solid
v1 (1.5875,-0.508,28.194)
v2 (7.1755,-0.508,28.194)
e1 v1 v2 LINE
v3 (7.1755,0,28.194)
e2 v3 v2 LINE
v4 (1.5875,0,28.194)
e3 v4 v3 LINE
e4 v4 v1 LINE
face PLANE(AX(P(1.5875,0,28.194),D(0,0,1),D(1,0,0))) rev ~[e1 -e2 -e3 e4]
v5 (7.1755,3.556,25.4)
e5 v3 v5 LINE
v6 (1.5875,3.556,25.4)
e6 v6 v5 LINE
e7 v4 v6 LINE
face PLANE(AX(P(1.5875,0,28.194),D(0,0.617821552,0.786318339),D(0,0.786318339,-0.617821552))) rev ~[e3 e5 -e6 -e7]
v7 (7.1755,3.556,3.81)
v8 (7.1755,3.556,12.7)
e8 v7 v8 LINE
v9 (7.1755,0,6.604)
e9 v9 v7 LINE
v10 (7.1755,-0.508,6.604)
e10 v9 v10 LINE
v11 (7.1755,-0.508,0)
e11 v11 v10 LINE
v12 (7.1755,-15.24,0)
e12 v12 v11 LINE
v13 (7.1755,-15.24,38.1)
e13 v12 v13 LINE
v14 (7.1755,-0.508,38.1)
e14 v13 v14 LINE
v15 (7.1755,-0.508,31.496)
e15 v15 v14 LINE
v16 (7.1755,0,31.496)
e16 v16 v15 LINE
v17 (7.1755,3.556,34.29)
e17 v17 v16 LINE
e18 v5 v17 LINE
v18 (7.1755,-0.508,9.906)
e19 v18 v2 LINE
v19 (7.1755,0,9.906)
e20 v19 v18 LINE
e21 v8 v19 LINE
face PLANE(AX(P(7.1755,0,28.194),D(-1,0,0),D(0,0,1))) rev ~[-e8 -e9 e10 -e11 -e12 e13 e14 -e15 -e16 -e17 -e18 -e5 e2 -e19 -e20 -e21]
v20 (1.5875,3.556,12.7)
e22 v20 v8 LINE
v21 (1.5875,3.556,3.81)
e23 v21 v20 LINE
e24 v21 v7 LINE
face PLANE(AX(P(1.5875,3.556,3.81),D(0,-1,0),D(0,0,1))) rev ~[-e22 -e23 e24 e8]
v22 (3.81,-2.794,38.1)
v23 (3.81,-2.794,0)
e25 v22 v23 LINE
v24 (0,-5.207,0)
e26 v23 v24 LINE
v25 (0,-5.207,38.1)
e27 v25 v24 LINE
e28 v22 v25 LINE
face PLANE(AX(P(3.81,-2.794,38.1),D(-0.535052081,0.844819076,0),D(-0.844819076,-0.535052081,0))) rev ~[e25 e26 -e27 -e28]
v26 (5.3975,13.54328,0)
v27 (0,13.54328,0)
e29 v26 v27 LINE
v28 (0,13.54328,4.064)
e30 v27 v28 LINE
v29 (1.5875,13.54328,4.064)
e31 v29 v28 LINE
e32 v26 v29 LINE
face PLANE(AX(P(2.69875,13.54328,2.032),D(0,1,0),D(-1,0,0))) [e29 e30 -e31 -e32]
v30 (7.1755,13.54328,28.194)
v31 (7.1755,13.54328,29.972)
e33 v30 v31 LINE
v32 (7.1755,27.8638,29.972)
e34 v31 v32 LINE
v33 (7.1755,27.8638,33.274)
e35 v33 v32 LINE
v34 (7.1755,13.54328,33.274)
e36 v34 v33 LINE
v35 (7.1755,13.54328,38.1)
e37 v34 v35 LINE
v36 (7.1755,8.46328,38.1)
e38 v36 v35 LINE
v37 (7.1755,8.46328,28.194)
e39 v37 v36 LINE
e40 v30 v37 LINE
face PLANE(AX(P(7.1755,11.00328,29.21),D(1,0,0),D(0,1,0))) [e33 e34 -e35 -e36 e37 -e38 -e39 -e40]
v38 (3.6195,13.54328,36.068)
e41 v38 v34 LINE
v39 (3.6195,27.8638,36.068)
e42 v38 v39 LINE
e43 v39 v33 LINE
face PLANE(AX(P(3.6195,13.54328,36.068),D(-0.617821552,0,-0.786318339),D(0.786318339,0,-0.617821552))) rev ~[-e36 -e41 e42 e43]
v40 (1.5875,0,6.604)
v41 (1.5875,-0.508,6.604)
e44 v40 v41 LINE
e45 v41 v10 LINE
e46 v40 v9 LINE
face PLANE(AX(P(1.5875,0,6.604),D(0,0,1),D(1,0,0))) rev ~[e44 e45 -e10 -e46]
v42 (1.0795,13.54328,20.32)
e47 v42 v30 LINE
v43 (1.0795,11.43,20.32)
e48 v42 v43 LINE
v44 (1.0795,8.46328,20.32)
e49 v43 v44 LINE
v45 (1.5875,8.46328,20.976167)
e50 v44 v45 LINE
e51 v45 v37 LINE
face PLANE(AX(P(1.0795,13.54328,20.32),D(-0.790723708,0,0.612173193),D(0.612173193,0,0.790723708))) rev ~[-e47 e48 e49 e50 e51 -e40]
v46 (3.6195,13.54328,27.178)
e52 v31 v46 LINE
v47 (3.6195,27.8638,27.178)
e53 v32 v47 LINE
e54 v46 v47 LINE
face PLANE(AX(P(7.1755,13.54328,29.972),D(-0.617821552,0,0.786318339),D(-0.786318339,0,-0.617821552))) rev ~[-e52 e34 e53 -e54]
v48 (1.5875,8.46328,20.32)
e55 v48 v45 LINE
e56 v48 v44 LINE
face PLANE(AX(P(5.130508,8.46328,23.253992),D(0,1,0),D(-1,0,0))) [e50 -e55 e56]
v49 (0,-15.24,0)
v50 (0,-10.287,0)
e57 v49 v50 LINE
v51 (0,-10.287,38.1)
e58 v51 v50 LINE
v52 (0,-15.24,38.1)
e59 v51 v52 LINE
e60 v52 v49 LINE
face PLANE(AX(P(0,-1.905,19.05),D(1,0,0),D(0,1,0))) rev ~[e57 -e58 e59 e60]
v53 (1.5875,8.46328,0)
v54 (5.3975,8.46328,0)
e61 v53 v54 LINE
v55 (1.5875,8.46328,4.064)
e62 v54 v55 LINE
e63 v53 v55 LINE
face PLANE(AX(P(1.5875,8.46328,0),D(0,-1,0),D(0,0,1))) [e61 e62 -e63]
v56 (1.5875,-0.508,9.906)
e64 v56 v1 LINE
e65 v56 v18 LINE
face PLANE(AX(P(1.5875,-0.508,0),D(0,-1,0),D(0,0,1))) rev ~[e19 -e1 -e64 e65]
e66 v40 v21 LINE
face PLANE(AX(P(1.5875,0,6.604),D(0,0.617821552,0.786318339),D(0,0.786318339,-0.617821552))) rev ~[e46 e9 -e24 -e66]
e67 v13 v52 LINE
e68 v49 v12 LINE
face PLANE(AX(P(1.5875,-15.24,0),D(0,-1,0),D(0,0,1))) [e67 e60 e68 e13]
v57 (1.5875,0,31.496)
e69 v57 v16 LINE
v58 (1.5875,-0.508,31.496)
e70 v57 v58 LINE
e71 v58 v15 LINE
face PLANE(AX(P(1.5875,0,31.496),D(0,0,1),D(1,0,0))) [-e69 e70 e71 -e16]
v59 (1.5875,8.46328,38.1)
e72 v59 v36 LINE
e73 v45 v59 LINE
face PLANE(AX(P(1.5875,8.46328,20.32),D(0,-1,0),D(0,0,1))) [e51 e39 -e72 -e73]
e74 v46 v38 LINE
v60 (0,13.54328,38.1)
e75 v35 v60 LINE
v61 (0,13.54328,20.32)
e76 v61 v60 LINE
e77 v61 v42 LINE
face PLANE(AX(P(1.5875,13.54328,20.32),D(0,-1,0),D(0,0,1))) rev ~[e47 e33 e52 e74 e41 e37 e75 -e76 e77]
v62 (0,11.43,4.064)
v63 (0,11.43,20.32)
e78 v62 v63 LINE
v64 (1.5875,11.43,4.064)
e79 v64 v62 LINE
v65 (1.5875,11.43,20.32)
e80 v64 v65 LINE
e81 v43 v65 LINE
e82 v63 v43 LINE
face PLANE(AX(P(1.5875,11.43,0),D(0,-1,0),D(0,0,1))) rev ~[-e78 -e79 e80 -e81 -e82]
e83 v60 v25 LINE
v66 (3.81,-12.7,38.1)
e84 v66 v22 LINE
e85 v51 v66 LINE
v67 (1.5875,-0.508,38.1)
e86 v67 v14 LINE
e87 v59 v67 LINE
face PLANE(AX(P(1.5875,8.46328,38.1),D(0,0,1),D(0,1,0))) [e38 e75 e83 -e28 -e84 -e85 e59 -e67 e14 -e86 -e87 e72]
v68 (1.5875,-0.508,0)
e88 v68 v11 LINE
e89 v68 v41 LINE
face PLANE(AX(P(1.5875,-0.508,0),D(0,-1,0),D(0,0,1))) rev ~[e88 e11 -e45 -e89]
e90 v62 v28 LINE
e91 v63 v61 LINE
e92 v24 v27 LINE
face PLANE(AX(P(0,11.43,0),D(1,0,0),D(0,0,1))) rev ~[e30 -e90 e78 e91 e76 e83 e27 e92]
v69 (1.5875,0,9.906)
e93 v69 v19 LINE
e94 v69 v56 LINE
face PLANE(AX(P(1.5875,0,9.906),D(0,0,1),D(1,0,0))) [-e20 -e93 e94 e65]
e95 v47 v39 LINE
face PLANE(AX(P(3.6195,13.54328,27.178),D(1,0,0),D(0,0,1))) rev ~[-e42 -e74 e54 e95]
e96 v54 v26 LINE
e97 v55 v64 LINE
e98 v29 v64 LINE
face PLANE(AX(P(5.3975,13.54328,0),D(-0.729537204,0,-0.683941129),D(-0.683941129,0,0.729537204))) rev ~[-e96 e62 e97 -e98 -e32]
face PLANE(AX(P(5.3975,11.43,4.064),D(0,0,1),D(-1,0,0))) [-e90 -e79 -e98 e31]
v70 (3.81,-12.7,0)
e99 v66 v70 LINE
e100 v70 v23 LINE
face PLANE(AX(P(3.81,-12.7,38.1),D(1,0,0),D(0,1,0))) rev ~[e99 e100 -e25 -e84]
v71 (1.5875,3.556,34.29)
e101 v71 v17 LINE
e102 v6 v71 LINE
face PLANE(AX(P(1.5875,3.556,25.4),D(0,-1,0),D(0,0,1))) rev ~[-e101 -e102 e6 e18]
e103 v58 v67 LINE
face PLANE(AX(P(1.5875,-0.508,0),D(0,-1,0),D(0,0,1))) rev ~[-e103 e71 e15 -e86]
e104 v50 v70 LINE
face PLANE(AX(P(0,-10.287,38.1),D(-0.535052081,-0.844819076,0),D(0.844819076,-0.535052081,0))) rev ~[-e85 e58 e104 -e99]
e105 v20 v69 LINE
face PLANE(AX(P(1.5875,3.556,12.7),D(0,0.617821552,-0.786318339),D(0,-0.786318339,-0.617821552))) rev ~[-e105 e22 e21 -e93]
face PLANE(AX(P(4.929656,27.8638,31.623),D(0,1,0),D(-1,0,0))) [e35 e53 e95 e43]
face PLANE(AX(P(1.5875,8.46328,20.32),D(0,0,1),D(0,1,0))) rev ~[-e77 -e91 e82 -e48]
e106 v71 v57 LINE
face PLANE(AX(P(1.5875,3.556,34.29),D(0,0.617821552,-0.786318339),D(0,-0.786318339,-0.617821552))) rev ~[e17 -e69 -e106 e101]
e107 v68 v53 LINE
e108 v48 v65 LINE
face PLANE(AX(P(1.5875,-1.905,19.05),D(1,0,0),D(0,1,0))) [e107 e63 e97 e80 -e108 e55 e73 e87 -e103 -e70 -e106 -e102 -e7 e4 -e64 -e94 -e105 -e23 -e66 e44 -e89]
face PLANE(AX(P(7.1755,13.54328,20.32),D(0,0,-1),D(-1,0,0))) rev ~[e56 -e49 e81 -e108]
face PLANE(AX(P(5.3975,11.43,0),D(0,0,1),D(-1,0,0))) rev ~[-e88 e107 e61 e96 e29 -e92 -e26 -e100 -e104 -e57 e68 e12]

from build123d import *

# Parameters (mm, degrees)
F0_W      = 2.11328
F0_H      = 17.78
F1_DEPTH  = 1.5875
F3_DEPTH  = 5.588
F4_W      = 14.732
F4_H      = 38.1
F5_DEPTH  = 5.588
F3_FACE_W = 5.588
F3_FACE_H = 3.302
F6_DEPTH  = 0.508
F8_DEPTH  = 38.101
F9_W      = 5.08
F9_H      = 17.78
F10_DEPTH = 5.588
F12_DEPTH = 5.08
F14_DEPTH = 14.32052
F15_W     = 2.96672
F15_H     = 4.064
F16_DEPTH = 3.81
F17_W     = 5.3975
F17_H     = 4.064
F18_DEPTH = 2.11328
F20_DEPTH = 5.08


with BuildPart() as f1:
    # F0 (on Right) → F1 (new body)
    with BuildSketch(Plane.YZ):
        Polygon((11.43, 38.1), (-15.24, 38.1), (-15.24, 0), (11.43, 0), (11.43, 20.32), align=None)
        with Locations((12.48664, 29.21)):
            Rectangle(F0_W, F0_H)
    extrude(amount=F1_DEPTH)

    # F2 (on face) → F3 (join)
    with BuildSketch(Plane.YZ.offset(1.5875)):
        Polygon((3.556, 34.29), (0, 31.496), (0, 28.194), (3.556, 25.4), align=None)
        Polygon((3.556, 12.7), (0, 9.906), (0, 6.604), (3.556, 3.81), align=None)
    extrude(amount=F3_DEPTH)

    # F4 (on face) → F5 (join, through all)
    with BuildSketch(Plane.YZ.offset(1.5875)):
        with Locations((-7.874, 19.05)):
            Rectangle(F4_W, F4_H)
    extrude(amount=F5_DEPTH)

    # F3_face (on face) → F6 (join)
    with BuildSketch(Plane(origin=(4.3815, 0, 29.845), x_dir=(1, 0, 0), z_dir=(0, -1, 0))):
        Rectangle(F3_FACE_W, F3_FACE_H)
        with Locations((0, -21.59)):
            Rectangle(F3_FACE_W, F3_FACE_H)
    extrude(amount=F6_DEPTH)

    # F7 (on face) → F8 (cut, through all)
    with BuildSketch(Plane.XY.offset(38.1)):
        Polygon((3.81, -12.7), (3.81, -2.794), (0, -5.207), (0, -10.287), align=None)
    extrude(amount=-F8_DEPTH, mode=Mode.SUBTRACT)

    # F9 (on face) → F10 (join, through all)
    with BuildSketch(Plane.YZ.offset(1.5875)):
        with Locations((11.00328, 29.21)):
            Rectangle(F9_W, F9_H)
    extrude(amount=F10_DEPTH)

    # F11 (on face) → F12 (cut, through all)
    with BuildSketch(Plane(origin=(0, 13.54328, 0), x_dir=(-1, 0, 0), z_dir=(0, 1, 0))):
        Polygon((-7.1755, 28.194), (-7.1755, 20.32), (-1.0795, 20.32), align=None)
    extrude(amount=-F12_DEPTH, mode=Mode.SUBTRACT)

    # F13 (on face) → F14 (join)
    with BuildSketch(Plane(origin=(0, 13.54328, 0), x_dir=(-1, 0, 0), z_dir=(0, 1, 0))):
        Polygon((-3.6195, 36.068), (-7.1755, 33.274), (-7.1755, 29.972), (-3.6195, 27.178), align=None)
    extrude(amount=F14_DEPTH)

    # F15 (on face) → F16 (join)
    with BuildSketch(Plane.YZ.offset(1.5875)):
        with Locations((9.94664, 2.032)):
            Rectangle(F15_W, F15_H)
    extrude(amount=F16_DEPTH)

    # F17 (on face) → F18 (join, through all)
    with BuildSketch(Plane(origin=(0, 11.43, 0), x_dir=(-1, 0, 0), z_dir=(0, 1, 0))):
        with Locations((-2.69875, 2.032)):
            Rectangle(F17_W, F17_H)
    extrude(amount=F18_DEPTH)

    # F19 (on face) → F20 (cut, through all)
    with BuildSketch(Plane(origin=(0, 13.54328, 0), x_dir=(-1, 0, 0), z_dir=(0, 1, 0))):
        Polygon((-1.5875, 4.064), (-5.3975, 4.064), (-5.3975, 0), align=None)
    extrude(amount=-F20_DEPTH, mode=Mode.SUBTRACT)


solid = f1.part
